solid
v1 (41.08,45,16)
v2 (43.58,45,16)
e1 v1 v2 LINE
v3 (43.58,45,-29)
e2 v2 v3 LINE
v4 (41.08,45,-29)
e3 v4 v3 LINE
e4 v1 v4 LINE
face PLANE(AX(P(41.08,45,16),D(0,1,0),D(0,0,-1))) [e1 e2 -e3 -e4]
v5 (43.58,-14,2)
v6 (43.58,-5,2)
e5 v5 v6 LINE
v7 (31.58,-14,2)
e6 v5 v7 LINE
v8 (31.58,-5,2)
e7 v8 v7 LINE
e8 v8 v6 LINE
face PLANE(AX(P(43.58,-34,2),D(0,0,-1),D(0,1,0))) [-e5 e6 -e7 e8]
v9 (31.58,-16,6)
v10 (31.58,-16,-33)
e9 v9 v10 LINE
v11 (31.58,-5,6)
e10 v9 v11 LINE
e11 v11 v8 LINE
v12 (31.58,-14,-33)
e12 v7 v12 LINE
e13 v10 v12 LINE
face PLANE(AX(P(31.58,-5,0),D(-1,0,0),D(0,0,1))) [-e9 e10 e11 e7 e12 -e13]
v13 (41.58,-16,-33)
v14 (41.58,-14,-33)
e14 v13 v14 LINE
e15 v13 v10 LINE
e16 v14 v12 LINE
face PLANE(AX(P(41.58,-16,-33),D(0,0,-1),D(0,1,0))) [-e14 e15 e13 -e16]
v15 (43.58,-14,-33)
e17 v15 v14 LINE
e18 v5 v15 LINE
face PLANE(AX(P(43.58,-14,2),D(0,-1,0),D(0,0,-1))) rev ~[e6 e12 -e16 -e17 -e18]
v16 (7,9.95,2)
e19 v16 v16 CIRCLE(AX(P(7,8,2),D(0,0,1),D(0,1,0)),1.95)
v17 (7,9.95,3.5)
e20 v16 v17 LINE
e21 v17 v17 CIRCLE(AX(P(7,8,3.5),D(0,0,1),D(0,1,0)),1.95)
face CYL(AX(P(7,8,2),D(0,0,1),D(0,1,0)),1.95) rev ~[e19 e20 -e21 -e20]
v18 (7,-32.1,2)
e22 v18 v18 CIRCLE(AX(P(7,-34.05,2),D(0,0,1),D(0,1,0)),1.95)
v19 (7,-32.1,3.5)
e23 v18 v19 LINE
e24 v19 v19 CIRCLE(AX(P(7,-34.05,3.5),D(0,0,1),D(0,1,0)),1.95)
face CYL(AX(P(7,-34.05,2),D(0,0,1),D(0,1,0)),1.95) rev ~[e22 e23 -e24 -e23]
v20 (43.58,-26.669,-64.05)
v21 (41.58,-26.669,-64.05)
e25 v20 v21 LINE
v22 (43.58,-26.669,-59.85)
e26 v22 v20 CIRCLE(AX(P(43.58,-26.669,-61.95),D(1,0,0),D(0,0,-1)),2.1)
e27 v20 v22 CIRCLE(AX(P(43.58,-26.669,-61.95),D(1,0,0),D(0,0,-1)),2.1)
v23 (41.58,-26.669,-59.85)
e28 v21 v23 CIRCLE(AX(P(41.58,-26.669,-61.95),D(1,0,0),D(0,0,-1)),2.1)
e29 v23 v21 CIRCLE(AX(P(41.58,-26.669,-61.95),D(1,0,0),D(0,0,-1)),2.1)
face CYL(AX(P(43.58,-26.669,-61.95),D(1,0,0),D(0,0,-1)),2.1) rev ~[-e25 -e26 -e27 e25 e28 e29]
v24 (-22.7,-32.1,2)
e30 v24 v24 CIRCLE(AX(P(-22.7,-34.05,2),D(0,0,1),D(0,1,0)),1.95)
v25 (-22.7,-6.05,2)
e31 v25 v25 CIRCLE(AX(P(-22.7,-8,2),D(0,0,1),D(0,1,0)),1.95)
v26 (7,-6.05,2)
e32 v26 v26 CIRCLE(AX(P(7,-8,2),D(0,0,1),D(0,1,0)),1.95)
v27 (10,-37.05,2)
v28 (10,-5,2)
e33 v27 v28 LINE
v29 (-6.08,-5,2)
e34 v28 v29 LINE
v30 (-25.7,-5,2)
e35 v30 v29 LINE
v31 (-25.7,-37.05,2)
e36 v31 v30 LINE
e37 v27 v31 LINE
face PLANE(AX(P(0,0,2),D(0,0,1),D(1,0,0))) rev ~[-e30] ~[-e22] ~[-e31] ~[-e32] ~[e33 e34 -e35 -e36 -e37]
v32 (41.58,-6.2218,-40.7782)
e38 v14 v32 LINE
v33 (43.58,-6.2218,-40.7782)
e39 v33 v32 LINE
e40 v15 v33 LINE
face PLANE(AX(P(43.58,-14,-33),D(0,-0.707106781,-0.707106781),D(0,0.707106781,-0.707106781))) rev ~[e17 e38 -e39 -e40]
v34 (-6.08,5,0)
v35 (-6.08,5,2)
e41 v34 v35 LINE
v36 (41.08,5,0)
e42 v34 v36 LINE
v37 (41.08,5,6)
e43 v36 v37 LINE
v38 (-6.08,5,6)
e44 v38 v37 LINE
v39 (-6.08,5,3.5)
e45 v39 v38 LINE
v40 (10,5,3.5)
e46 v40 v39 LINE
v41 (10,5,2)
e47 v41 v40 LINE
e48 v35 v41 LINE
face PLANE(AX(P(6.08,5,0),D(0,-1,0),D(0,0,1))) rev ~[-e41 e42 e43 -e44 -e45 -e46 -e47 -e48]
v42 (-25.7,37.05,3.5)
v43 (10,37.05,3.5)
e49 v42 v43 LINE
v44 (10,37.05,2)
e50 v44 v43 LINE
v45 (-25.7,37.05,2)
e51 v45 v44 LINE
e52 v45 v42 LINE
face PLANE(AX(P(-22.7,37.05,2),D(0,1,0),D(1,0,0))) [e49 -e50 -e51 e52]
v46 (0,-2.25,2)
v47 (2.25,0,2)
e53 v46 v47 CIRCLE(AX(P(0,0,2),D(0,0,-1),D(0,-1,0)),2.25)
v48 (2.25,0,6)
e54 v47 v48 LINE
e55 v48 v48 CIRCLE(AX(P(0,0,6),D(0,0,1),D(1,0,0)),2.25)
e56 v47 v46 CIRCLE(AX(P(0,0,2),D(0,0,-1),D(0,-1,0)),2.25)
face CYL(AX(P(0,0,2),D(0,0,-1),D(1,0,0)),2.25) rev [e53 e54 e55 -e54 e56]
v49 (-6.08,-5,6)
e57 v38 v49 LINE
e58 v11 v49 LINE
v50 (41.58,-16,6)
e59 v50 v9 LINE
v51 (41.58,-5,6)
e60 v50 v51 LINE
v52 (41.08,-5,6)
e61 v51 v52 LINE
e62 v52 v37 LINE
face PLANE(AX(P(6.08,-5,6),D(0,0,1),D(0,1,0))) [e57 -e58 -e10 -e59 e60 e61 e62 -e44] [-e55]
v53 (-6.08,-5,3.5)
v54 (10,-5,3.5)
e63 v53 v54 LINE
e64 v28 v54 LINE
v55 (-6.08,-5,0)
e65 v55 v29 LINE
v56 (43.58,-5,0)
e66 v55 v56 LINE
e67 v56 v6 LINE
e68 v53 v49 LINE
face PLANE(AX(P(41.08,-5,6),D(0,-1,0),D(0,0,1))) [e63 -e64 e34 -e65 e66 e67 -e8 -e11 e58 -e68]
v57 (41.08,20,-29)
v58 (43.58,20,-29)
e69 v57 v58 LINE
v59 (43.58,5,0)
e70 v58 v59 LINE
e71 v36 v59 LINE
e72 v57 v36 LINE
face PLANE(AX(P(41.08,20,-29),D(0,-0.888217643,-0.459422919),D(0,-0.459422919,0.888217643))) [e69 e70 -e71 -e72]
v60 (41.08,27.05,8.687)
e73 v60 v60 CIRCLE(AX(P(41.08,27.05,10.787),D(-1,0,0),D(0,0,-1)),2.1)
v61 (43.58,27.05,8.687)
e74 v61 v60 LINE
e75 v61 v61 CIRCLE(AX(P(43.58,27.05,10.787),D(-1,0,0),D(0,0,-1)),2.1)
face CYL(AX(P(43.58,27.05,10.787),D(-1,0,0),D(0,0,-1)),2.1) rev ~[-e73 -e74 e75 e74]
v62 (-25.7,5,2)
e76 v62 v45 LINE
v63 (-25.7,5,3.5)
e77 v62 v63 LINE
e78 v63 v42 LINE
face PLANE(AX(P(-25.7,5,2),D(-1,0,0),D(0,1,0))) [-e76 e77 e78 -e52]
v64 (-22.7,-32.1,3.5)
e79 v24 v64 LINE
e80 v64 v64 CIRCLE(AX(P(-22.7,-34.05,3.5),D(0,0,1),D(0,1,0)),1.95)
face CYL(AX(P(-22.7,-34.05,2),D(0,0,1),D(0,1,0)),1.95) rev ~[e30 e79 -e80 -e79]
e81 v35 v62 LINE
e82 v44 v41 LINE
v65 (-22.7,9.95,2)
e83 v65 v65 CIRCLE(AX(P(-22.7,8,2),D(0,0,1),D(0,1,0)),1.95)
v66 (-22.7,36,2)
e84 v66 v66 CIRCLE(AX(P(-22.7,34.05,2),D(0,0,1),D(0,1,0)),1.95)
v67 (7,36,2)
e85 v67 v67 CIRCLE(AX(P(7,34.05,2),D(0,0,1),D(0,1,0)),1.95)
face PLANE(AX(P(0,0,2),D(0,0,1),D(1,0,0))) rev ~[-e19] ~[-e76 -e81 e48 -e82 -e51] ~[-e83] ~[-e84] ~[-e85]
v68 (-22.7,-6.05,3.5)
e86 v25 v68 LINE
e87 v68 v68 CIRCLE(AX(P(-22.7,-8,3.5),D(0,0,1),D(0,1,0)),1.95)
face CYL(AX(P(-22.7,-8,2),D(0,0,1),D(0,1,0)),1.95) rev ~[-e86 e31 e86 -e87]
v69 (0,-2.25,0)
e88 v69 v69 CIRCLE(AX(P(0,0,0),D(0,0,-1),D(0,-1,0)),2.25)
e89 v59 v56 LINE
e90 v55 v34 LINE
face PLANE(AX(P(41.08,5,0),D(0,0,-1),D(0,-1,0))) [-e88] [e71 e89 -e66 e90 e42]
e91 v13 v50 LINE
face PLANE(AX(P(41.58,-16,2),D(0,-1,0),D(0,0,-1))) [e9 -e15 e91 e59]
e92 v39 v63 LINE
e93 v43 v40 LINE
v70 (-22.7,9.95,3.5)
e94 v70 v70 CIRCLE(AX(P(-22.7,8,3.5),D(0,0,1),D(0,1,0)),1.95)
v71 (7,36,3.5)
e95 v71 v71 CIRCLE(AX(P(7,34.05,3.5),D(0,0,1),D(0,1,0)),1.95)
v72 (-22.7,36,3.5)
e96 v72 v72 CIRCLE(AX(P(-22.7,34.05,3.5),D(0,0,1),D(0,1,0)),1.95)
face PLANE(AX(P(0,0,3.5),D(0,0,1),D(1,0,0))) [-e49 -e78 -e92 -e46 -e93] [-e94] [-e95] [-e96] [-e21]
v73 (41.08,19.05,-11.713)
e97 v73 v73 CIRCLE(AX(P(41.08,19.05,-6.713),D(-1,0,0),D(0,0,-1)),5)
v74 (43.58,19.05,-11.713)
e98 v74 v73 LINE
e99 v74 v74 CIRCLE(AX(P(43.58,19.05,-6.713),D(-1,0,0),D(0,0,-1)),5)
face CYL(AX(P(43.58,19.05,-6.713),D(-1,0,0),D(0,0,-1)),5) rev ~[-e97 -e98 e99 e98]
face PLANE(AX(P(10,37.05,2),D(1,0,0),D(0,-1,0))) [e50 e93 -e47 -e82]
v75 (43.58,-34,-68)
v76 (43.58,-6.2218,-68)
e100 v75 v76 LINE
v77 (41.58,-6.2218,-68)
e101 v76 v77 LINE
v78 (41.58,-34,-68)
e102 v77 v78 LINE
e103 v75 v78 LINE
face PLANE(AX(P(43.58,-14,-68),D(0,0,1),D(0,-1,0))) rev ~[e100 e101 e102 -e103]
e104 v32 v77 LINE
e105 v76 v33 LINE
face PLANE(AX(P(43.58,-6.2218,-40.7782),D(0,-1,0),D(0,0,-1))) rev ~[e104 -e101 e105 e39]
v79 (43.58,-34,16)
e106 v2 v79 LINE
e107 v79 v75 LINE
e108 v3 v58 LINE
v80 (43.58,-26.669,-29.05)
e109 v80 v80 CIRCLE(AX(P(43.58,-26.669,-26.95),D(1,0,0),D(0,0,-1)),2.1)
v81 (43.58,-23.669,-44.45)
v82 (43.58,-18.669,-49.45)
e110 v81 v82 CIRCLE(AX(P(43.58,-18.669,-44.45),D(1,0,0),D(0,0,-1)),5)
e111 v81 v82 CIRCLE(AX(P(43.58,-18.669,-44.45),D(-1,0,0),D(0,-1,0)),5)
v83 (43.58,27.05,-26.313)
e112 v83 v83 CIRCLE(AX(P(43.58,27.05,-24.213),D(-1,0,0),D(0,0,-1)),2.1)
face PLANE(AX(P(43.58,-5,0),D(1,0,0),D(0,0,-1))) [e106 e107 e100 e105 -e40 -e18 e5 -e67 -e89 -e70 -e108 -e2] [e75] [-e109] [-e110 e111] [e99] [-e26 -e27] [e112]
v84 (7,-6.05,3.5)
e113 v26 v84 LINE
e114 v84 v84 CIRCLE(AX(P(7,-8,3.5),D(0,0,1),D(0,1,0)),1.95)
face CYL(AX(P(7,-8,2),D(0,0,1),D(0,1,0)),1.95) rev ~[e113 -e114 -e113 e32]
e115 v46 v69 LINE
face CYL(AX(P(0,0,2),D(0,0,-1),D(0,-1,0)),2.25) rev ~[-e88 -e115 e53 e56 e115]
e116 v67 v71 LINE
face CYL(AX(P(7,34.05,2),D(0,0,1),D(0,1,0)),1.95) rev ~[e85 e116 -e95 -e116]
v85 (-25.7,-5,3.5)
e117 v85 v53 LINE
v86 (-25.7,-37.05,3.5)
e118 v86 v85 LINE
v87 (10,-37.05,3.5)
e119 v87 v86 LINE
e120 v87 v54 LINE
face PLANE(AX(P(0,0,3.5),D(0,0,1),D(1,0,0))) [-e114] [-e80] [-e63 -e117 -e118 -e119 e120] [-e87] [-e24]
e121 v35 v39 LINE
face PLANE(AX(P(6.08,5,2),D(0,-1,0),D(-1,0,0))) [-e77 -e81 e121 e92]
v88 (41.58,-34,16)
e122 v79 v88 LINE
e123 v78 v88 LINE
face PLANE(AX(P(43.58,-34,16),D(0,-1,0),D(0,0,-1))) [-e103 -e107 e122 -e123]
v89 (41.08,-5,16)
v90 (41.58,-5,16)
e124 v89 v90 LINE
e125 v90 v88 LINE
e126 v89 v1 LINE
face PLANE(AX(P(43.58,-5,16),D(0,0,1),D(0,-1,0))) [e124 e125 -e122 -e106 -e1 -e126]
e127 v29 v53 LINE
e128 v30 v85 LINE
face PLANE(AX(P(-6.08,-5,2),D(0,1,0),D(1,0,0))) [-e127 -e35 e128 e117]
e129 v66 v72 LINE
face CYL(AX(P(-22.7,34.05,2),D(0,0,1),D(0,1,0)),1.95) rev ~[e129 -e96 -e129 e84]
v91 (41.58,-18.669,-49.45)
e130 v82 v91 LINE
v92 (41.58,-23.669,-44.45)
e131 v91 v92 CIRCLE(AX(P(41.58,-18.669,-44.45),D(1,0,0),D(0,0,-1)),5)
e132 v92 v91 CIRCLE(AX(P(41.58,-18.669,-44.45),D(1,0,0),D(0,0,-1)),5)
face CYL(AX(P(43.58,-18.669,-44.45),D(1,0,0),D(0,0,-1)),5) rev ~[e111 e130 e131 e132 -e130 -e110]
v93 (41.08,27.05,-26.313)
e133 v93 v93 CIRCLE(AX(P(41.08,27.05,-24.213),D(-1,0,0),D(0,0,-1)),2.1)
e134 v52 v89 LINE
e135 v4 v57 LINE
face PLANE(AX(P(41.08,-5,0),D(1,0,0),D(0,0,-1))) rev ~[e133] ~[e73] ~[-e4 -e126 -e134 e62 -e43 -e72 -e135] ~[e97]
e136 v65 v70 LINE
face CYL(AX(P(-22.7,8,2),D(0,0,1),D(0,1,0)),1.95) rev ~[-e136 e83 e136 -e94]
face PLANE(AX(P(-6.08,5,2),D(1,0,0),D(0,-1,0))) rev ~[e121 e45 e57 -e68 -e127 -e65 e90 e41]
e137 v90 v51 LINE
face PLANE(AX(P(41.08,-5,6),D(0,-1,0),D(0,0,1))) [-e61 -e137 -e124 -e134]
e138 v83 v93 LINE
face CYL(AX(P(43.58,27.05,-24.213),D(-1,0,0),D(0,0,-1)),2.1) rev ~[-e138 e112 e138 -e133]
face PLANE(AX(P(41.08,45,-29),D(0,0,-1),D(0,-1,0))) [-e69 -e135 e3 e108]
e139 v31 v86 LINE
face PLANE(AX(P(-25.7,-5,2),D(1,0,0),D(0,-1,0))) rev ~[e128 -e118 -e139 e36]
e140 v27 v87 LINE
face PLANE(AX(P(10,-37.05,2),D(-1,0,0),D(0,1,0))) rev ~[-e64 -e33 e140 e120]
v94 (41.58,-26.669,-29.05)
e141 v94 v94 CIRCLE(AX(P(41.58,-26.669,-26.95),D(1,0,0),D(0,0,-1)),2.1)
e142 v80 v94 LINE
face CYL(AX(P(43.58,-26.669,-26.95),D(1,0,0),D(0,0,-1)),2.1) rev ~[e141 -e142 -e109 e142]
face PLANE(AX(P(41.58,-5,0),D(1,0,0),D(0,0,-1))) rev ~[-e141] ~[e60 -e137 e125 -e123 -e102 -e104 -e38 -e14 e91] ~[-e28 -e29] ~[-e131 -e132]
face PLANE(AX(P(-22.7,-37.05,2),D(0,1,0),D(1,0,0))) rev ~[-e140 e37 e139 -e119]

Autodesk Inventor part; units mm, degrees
ref_plane "YZ Plane" through (0, 0, 0) normal (1, 0, 0) x (0, 1, 0)
ref_plane "XZ Plane" through (0, 0, 0) normal (0, 1, 0) x (-1, 0, 0)
ref_plane "XY Plane" through (0, 0, 0) normal (0, 0, 1) x (1, 0, 0)
sketch "Sketch14" plane through (0, 0, 0) normal (0, 0, 1) x (1, 0, 0)
  line L0 (0, 0) -> (-6.08, 0)
  line L1 (-6.08, 0) -> (0, 0)
  line L2 (0, 0) -> (6.08, 0)
  line L3 (-6.08, 0) -> (-6.08, 5)
  line L4 (-6.08, 0) -> (-1.08, 0) construction
  line L5 (-6.08, 5) -> (6.08, 5)
  line L6 (6.08, 5) -> (6.08, -5)
  line L7 (6.08, -5) -> (-6.08, -5)
  line L8 (-6.08, -5) -> (-6.08, 5)
  dimension "d66" = 6.08
  dimension "d67" = 6.08
  dimension "d68" = 5
  dimension "d69" = 90
  dimension "d70" = 12.16
  dimension "d71" = 10
extrude "Extrusion7" add sketch "Sketch14" along normal blind 2
sketch "Sketch15" plane through (0, 0, 2) normal (0, 0, 1) x (1, 0, 0)
  circle A0 centre (0, 0) radius 1.0665
hole "Hole4" at (0, 0, 2) direction (0, 0, -1) diameter 4.5 end through all clearance for "Flat Head Machine Screw" size "M4" standard "Ansi Metric M Profile"
sketch "Sketch16" plane through (0, 0, 2) normal (0, 0, 1) x (1, 0, 0)
  line L0 (6.08, 5) -> (-6.08, 5) projected
  line L1 (0, 5) -> (10, 5)
  line L2 (10, 5) -> (-25.7, 5)
  line L3 (-25.7, 5) -> (-25.7, 37.05)
  line L4 (-25.7, 37.05) -> (10, 37.05)
  line L5 (10, 37.05) -> (10, 5)
  line L6 (-6.08, -5) -> (6.08, -5) projected
  line L7 (0, -5) -> (10, -5)
  line L8 (10, -5) -> (-25.7, -5)
  line L9 (-25.7, -5) -> (-25.7, -37.05)
  line L10 (-25.7, -37.05) -> (10, -37.05)
  line L11 (10, -37.05) -> (10, -5)
  line L12 (-25.7, 37.05) -> (-22.7, 37.05)
  line L13 (-22.7, 37.05) -> (-22.7, 34.05)
  line L14 (-22.7, 34.05) -> (-25.7, 34.05)
  line L15 (-25.7, 34.05) -> (-25.7, 37.05)
  line L16 (-22.7, 34.05) -> (7, 34.05)
  line L17 (7, 34.05) -> (7, 8)
  line L18 (7, 8) -> (-22.7, 8)
  line L19 (-22.7, 8) -> (-22.7, 34.05)
  line L20 (-25.7, -37.05) -> (-22.7, -37.05)
  line L21 (-22.7, -37.05) -> (-22.7, -34.05)
  line L22 (-22.7, -34.05) -> (-25.7, -34.05)
  line L23 (-25.7, -34.05) -> (-25.7, -37.05)
  line L24 (-22.7, -34.05) -> (7, -34.05)
  line L25 (7, -34.05) -> (7, -8)
  line L26 (7, -8) -> (-22.7, -8)
  line L27 (-22.7, -8) -> (-22.7, -34.05)
  line L28 (-25.7, -5) -> (10, -5)
  line L29 (10, -5) -> (10, -37.05)
  line L30 (10, -37.05) -> (-25.7, -37.05)
  line L31 (-25.7, -37.05) -> (-25.7, -5)
  point P0 (0, 0)
  dimension "d81" = 10
  dimension "d82" = 35.7
  dimension "d83" = 32.05
  dimension "d84" = 35.7
  dimension "d85" = 32.05
  dimension "d86" = 3
  dimension "d87" = 3
  dimension "d88" = 29.7
  dimension "d89" = 26.05
  dimension "d90" = 3
  dimension "d91" = 3
  dimension "d92" = 29.7
  dimension "d93" = 26.05
  dimension "d172" = 10
extrude "Extrusion8" add sketch "Sketch16" along normal blind 1.5 contours L16 L17 L18 L19 | L0 L2 L3 L14 L13 L4 L5 L1 | L13 L14 L3 L4 | L27 L26 L25 L24 | L6 L7 L11 L10 L21 L22 L9 L8 | L22 L21 L10 L9
hole "Hole5" at (-22.7, 34.05, 2) at (-22.7, 8, 2) at (7, 8, 2) at (7, 34.05, 2) at (7, -8, 2) at (7, -34.05, 2) at (-22.7, -34.05, 2) at (-22.7, -8, 2) direction (0, 0, 1) diameter 3.9 end through all clearance for "Flat Head Machine Screw" size "M3.5" standard "Ansi Metric M Profile"
sketch "Sketch17" plane through (0, 0, 2) normal (0, 0, 1) x (1, 0, 0)
  circle A0 centre (0, 0) radius 2.25 projected
  line L0 (6.08, -5) -> (6.08, 5) projected
  line L1 (6.08, 5) -> (-6.08, 5) projected
  line L2 (-6.08, 5) -> (-6.08, -5) projected
  line L3 (-6.08, -5) -> (6.08, -5) projected
extrude "Extrusion9" add sketch "Sketch17" along normal blind 4
sketch "Sketch18" plane through (6.08, -5, 0) normal (1, 0, 0) x (0, 0, -1)
  line L0 (0, 0) -> (0, 10) projected
  line L1 (0, 10) -> (-2, 10) projected
  line L2 (-3.5, 10) -> (-2, 10) projected
  line L3 (-3.5, 10) -> (-6, 10) projected
  line L4 (-6, 0) -> (-6, 10) projected
  line L5 (-3.5, 0) -> (-6, 0) projected
  line L6 (-2, 0) -> (-3.5, 0) projected
  line L7 (0, 0) -> (-2, 0) projected
  point P0 (0, 5)
extrude "Extrusion10" add sketch "Sketch18" along normal blind 35
sketch "Sketch19" plane through (41.08, -5, 0) normal (1, 0, 0) x (0, 0, -1)
  line L0 (-6, 10) -> (-6, 0) projected
  line L1 (-6, 0) -> (-16, 0)
  line L2 (-16, 0) -> (-16, 50)
  line L3 (-16, 50) -> (29, 50)
  line L4 (29, 50) -> (29, 25)
  line L5 (29, 25) -> (0, 10)
  line L6 (0, 10) -> (0, 0) projected
  line L7 (0, 10) -> (0, 0)
  line L8 (0, 0) -> (-6, 0)
  point P0 (0, 5)
  dimension "d107" = 10
  dimension "d108" = 50
  dimension "d109" = 90
  dimension "d110" = 45
  dimension "d111" = 90
  dimension "d112" = 25
extrude "Extrusion11" add sketch "Sketch19" along normal blind 2.5
sketch "Sketch21" plane through (43.58, -5, 0) normal (1, 0, 0) x (0, 0, -1)
  line L0 (-3.5, 10) -> (-6, 10) projected
  line L1 (0, 10) -> (0, 24.05)
  line L2 (0, 10) -> (14.05, 10) construction
  line L3 (0, 24.05) -> (6.713, 24.05)
  point P0 (0, 5)
  point P1 (3, 10)
  point P2 (-2, 10)
  dimension "d118" = 14.05
  dimension "d119" = 90
  dimension "d120" = 6.713
  dimension "d121" = 90
hole "Hole6" at (43.58, 19.05, -6.713) direction (-1, 0, 0) diameter 10 end through all
sketch "Sketch22" plane through (43.58, -5, 0) normal (1, 0, 0) x (0, 0, -1)
  circle A0 centre (6.713, 24.05) radius 5 projected
  line L0 (6.713, 24.05) -> (6.713, 32.05)
  line L1 (6.713, 24.05) -> (14.713, 24.05) construction
  line L2 (6.713, 32.05) -> (24.213, 32.05)
  line L3 (24.213, 32.05) -> (-10.787, 32.05)
  point P0 (0, 5)
  dimension "d129" = 8
  dimension "d130" = 90
  dimension "d131" = 17.5
  dimension "d132" = 90
  dimension "d133" = 35
hole "Hole7" at (43.58, 27.05, 10.787) at (43.58, 27.05, -24.213) direction (-1, 0, 0) diameter 4.2 end through all
sketch "Sketch23" plane through (43.58, -5, 0) normal (1, 0, 0) x (0, 0, -1)
  line L0 (-3.5, 0) -> (-2, 0) projected
  line L1 (-2, 0) -> (-2, -9)
  line L2 (-2, 0) -> (7, 0) construction
  line L3 (-2, -9) -> (33, -9) construction
  line L4 (-2, -9) -> (33, -9)
  line L5 (-2, -9) -> (33, -9) construction
  line L6 (33, -9) -> (40.7782, -1.2218)
  line L7 (40.7782, -1.2218) -> (60.7782, -1.2218)
  line L8 (33, -9) -> (68, -9)
  line L9 (33, -9) -> (68, -9) construction
  line L10 (68, -9) -> (68, -1.2218)
  line L11 (68, -1.2218) -> (60.7782, -1.2218)
  line L12 (68, -9) -> (68, -29)
  line L13 (68, -9) -> (88, -9) construction
  line L14 (68, -29) -> (-2, -29)
  line L15 (-2, -29) -> (-2, -9)
  line L16 (33, -9) -> (44.45, -9)
  line L17 (44.45, -9) -> (44.45, -13.669)
  line L18 (44.45, -9) -> (49.119, -9) construction
  line L19 (44.45, -13.669) -> (44.45, -21.669)
  line L20 (44.45, -21.669) -> (61.95, -21.669)
  line L21 (61.95, -21.669) -> (26.95, -21.669)
  circle A0 centre (26.95, -21.669) radius 2.1
  circle A1 centre (61.95, -21.669) radius 2.1
  circle A2 centre (44.45, -13.669) radius 5
  point P0 (0, 5)
  dimension "d141" = 9
  dimension "d142" = 90
  dimension "d145" = 35
  dimension "d146" = 0
  dimension "d147" = 11
  dimension "d148" = 135
  dimension "d149" = 20
  dimension "d150" = 35
  dimension "d151" = 0
  dimension "d152" = 20
  dimension "d153" = 90
  dimension "d154" = 90
  dimension "d155" = 11.45
  dimension "d156" = 4.669
  dimension "d157" = 90
  dimension "d158" = 8
  dimension "d159" = 17.5
  dimension "d160" = 35
  dimension "d161" = 4.2
  dimension "d162" = 4.2
  dimension "d163" = 10
extrude "Extrusion13" add sketch "Sketch23" against normal blind 2 contours L4 L8 A2 L12 L14 L15 | L6 L7 L11 L10 L8 A2
sketch "Sketch24" plane through (43.58, -5, 0) normal (1, 0, 0) x (0, 0, -1)
  line L0 (-16, 50) -> (-16, 0) projected
  line L1 (-16, 0) -> (-16, -29)
  line L2 (68, -29) -> (-2, -29) projected
  line L3 (-16, -29) -> (-2, -29)
  line L4 (0, 0) -> (-2, 0) projected
  line L5 (-2, -29) -> (-2, 0)
  line L6 (-16, 0) -> (0, 0) projected
  line L7 (-2, 0) -> (-16, 0)
  point P0 (0, 5)
  point P1 (3, 0)
extrude "Extrusion14" add sketch "Sketch24" against normal blind 2
sketch "Sketch25" plane through (41.58, -5, 0) normal (-1, 0, 0) x (0, 0, 1)
  line L0 (2, -9) -> (-33, -9) projected
  line L1 (-33, -9) -> (2, -9)
  line L2 (2, -9) -> (2, -11)
  line L3 (2, -11) -> (-33, -11)
  line L4 (-33, -11) -> (-33, -9)
  line L5 (2, -11) -> (6, -11)
  line L6 (6, -11) -> (6, 0)
  line L7 (6, 0) -> (2, 0)
  line L8 (2, 0) -> (2, -11)
  point P0 (0, 5)
  point P1 (2, -9)
  dimension "d168" = 35
  dimension "d169" = 2
extrude "Extrusion15" add sketch "Sketch25" along normal blind 10
properties part number "Shelf"
